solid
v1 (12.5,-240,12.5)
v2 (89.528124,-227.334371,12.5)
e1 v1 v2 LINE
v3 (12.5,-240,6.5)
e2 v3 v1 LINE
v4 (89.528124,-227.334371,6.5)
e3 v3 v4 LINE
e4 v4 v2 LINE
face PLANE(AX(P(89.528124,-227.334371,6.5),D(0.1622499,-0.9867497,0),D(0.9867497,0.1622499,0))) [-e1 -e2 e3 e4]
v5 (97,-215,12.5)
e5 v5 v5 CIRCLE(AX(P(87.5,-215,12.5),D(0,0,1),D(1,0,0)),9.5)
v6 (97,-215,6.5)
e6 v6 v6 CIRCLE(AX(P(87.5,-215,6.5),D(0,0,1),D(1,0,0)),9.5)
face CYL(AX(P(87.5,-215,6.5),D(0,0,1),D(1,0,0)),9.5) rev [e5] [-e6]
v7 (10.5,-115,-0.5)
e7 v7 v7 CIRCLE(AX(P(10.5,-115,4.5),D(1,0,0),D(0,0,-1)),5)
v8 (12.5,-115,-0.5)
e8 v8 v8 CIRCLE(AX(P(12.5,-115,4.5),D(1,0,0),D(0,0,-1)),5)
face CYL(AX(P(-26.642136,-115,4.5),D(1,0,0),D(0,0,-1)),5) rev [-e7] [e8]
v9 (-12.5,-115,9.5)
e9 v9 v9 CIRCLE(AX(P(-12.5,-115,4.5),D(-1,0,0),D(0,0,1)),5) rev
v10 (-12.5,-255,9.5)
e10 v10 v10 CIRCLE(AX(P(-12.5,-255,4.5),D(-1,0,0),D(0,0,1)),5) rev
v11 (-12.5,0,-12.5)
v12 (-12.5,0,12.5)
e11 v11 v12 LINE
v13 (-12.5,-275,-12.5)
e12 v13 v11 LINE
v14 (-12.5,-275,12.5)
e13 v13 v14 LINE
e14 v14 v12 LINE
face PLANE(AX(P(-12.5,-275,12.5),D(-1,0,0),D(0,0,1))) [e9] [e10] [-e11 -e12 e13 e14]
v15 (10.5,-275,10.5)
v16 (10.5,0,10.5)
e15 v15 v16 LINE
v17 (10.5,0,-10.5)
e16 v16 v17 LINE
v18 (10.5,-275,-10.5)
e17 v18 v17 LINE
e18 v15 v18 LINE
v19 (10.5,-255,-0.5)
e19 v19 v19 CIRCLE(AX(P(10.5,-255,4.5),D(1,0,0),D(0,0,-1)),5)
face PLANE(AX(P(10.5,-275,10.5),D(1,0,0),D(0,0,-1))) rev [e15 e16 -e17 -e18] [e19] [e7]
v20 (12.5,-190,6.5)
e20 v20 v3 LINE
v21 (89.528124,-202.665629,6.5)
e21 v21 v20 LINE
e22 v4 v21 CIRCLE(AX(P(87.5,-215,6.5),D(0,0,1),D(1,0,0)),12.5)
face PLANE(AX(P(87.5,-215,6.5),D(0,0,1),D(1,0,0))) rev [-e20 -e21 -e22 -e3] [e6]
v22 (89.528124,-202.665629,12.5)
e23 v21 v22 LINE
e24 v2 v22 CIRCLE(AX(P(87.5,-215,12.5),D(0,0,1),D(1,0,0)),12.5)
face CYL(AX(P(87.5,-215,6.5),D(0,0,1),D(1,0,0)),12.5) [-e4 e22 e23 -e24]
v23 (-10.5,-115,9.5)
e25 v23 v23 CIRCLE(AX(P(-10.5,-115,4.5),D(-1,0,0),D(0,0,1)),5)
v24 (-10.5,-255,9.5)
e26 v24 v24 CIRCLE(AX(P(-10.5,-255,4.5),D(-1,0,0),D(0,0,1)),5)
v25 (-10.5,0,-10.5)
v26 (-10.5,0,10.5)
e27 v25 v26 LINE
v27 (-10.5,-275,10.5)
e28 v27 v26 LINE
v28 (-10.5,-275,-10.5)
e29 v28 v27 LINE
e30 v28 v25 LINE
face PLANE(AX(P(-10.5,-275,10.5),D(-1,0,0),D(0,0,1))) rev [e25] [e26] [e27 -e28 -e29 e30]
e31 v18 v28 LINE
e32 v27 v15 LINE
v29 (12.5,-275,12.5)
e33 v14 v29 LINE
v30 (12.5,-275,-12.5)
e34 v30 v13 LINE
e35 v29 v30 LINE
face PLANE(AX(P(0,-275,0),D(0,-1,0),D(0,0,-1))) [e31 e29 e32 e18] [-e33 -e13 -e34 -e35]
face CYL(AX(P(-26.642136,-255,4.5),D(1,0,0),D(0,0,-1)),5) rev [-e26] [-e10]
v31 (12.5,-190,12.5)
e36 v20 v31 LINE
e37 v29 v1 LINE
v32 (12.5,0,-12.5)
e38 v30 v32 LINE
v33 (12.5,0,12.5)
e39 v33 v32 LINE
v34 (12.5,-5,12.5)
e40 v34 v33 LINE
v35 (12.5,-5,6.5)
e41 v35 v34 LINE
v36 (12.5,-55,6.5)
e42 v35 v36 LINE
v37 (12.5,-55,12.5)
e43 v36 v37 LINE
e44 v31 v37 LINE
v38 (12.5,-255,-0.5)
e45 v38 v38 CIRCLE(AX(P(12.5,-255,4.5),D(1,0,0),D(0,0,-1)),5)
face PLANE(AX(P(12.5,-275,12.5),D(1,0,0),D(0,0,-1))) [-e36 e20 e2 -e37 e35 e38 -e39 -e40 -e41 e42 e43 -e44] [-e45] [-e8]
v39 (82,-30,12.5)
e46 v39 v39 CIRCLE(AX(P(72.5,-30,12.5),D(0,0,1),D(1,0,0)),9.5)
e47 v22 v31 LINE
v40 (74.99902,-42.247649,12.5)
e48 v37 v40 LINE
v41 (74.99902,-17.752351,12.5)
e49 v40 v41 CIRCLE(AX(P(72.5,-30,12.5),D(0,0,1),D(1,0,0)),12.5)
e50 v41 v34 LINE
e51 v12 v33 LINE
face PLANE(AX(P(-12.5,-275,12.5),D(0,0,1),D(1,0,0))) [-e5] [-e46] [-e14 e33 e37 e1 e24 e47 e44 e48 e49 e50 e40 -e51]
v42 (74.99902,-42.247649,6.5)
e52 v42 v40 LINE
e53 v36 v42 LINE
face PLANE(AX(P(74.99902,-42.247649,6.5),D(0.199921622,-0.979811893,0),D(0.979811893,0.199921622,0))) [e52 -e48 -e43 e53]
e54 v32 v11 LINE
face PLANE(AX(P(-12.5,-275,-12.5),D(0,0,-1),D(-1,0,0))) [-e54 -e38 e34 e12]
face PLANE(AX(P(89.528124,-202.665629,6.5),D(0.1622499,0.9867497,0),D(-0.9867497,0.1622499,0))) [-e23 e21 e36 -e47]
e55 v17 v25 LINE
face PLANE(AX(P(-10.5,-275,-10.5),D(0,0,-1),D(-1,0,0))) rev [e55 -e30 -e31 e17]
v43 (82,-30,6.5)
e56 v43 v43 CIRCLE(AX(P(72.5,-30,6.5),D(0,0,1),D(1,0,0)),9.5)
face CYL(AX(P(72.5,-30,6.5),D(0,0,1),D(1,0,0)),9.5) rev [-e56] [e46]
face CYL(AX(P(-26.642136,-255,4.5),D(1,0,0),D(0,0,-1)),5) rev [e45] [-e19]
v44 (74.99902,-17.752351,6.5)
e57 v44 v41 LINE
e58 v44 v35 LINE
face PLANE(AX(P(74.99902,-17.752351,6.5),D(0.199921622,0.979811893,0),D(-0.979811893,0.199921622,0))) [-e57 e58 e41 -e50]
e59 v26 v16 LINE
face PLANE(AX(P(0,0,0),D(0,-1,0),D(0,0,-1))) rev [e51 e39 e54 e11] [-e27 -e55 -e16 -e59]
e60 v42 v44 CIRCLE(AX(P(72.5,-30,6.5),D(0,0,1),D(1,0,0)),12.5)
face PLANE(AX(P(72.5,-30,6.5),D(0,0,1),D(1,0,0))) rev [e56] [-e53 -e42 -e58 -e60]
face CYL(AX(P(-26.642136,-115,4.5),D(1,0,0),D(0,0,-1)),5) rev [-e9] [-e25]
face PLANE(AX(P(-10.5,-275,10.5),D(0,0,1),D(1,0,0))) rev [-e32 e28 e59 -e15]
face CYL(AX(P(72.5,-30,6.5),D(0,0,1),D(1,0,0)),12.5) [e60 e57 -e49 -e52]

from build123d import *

# Parameters (mm, degrees)
SKETCH1_W           = 25
SKETCH1_H           = 25
SKETCH1_W_2         = 21
SKETCH1_H_2         = 21
BOSS_EXTRUDE1_DEPTH = 275
SKETCH2_R           = 9.5
BOSS_EXTRUDE2_DEPTH = 6
CUT_EXTRUDE1_REACH  = 290.856
SKETCH3_R           = 5


with BuildPart() as part:
    # Sketch1 → Boss-Extrude1 (new body)
    with BuildSketch(Plane(origin=(0, 0, 0), x_dir=(1, 0, 0), z_dir=(0, 1, 0))):
        Rectangle(SKETCH1_W, SKETCH1_H)
        Rectangle(SKETCH1_W_2, SKETCH1_H_2, mode=Mode.SUBTRACT)
    extrude(amount=-BOSS_EXTRUDE1_DEPTH)

    # Sketch2 → Boss-Extrude2 (add)
    # profile 1 of 2: a face of its own
    with BuildSketch(Plane.XY.offset(12.5)):
        with BuildLine():
            Line((74.999020274, -17.752351341), (12.5, -5))
            Line((12.5, -5), (12.5, -55))
            Line((12.5, -55), (74.999020274, -42.247648659))
            ThreePointArc((74.999020274, -42.247648659), (85, -30), (74.999020274, -17.752351341))
        make_face()
        with Locations((72.5, -30)):
            Circle(SKETCH2_R, mode=Mode.SUBTRACT)
    # profile 2 of 2: a face of its own
    with BuildSketch(Plane.XY.offset(12.5)):
        with BuildLine():
            Line((89.528123749, -202.665628753), (12.5, -190))
            Line((12.5, -190), (12.5, -240))
            Line((12.5, -240), (89.528123749, -227.334371247))
            ThreePointArc((89.528123749, -227.334371247), (100, -215), (89.528123749, -202.665628753))
        make_face()
        with Locations((87.5, -215)):
            Circle(SKETCH2_R, mode=Mode.SUBTRACT)
    extrude(amount=-BOSS_EXTRUDE2_DEPTH)

    # Cut-Extrude1: up to this face of the body (flat: up to its plane)
    cut_extrude1_end = Plane(part.part.faces().sort_by_distance((-12.5, -137.5, 0))[0])
    # Sketch3 → Cut-Extrude1 (cut, up to the picked face)
    with BuildSketch(Plane(origin=(12.5, 0, 0), x_dir=(0, 0, -1), z_dir=(1, 0, 0)), mode=Mode.PRIVATE) as cut_extrude1_sk1:
        with Locations((-4.5, -115)):
            Circle(SKETCH3_R)
    cut_extrude1_tool1 = split(extrude(cut_extrude1_sk1.sketch, amount=-CUT_EXTRUDE1_REACH, mode=Mode.PRIVATE), bisect_by=cut_extrude1_end, keep=Keep.BOTH, mode=Mode.PRIVATE)
    # Sketch3 → Cut-Extrude1 (cut, up to the picked face)
    with BuildSketch(Plane(origin=(12.5, 0, 0), x_dir=(0, 0, -1), z_dir=(1, 0, 0)), mode=Mode.PRIVATE) as cut_extrude1_sk2:
        with Locations((-4.5, -255)):
            Circle(SKETCH3_R)
    cut_extrude1_tool2 = split(extrude(cut_extrude1_sk2.sketch, amount=-CUT_EXTRUDE1_REACH, mode=Mode.PRIVATE), bisect_by=cut_extrude1_end, keep=Keep.BOTH, mode=Mode.PRIVATE)
    add(cut_extrude1_tool1.solids().sort_by(Axis((12.5, -115, 4.5), (-1, 0, 0)))[0], mode=Mode.SUBTRACT)
    add(cut_extrude1_tool2.solids().sort_by(Axis((12.5, -255, 4.5), (-1, 0, 0)))[0], mode=Mode.SUBTRACT)


solid = part.part
